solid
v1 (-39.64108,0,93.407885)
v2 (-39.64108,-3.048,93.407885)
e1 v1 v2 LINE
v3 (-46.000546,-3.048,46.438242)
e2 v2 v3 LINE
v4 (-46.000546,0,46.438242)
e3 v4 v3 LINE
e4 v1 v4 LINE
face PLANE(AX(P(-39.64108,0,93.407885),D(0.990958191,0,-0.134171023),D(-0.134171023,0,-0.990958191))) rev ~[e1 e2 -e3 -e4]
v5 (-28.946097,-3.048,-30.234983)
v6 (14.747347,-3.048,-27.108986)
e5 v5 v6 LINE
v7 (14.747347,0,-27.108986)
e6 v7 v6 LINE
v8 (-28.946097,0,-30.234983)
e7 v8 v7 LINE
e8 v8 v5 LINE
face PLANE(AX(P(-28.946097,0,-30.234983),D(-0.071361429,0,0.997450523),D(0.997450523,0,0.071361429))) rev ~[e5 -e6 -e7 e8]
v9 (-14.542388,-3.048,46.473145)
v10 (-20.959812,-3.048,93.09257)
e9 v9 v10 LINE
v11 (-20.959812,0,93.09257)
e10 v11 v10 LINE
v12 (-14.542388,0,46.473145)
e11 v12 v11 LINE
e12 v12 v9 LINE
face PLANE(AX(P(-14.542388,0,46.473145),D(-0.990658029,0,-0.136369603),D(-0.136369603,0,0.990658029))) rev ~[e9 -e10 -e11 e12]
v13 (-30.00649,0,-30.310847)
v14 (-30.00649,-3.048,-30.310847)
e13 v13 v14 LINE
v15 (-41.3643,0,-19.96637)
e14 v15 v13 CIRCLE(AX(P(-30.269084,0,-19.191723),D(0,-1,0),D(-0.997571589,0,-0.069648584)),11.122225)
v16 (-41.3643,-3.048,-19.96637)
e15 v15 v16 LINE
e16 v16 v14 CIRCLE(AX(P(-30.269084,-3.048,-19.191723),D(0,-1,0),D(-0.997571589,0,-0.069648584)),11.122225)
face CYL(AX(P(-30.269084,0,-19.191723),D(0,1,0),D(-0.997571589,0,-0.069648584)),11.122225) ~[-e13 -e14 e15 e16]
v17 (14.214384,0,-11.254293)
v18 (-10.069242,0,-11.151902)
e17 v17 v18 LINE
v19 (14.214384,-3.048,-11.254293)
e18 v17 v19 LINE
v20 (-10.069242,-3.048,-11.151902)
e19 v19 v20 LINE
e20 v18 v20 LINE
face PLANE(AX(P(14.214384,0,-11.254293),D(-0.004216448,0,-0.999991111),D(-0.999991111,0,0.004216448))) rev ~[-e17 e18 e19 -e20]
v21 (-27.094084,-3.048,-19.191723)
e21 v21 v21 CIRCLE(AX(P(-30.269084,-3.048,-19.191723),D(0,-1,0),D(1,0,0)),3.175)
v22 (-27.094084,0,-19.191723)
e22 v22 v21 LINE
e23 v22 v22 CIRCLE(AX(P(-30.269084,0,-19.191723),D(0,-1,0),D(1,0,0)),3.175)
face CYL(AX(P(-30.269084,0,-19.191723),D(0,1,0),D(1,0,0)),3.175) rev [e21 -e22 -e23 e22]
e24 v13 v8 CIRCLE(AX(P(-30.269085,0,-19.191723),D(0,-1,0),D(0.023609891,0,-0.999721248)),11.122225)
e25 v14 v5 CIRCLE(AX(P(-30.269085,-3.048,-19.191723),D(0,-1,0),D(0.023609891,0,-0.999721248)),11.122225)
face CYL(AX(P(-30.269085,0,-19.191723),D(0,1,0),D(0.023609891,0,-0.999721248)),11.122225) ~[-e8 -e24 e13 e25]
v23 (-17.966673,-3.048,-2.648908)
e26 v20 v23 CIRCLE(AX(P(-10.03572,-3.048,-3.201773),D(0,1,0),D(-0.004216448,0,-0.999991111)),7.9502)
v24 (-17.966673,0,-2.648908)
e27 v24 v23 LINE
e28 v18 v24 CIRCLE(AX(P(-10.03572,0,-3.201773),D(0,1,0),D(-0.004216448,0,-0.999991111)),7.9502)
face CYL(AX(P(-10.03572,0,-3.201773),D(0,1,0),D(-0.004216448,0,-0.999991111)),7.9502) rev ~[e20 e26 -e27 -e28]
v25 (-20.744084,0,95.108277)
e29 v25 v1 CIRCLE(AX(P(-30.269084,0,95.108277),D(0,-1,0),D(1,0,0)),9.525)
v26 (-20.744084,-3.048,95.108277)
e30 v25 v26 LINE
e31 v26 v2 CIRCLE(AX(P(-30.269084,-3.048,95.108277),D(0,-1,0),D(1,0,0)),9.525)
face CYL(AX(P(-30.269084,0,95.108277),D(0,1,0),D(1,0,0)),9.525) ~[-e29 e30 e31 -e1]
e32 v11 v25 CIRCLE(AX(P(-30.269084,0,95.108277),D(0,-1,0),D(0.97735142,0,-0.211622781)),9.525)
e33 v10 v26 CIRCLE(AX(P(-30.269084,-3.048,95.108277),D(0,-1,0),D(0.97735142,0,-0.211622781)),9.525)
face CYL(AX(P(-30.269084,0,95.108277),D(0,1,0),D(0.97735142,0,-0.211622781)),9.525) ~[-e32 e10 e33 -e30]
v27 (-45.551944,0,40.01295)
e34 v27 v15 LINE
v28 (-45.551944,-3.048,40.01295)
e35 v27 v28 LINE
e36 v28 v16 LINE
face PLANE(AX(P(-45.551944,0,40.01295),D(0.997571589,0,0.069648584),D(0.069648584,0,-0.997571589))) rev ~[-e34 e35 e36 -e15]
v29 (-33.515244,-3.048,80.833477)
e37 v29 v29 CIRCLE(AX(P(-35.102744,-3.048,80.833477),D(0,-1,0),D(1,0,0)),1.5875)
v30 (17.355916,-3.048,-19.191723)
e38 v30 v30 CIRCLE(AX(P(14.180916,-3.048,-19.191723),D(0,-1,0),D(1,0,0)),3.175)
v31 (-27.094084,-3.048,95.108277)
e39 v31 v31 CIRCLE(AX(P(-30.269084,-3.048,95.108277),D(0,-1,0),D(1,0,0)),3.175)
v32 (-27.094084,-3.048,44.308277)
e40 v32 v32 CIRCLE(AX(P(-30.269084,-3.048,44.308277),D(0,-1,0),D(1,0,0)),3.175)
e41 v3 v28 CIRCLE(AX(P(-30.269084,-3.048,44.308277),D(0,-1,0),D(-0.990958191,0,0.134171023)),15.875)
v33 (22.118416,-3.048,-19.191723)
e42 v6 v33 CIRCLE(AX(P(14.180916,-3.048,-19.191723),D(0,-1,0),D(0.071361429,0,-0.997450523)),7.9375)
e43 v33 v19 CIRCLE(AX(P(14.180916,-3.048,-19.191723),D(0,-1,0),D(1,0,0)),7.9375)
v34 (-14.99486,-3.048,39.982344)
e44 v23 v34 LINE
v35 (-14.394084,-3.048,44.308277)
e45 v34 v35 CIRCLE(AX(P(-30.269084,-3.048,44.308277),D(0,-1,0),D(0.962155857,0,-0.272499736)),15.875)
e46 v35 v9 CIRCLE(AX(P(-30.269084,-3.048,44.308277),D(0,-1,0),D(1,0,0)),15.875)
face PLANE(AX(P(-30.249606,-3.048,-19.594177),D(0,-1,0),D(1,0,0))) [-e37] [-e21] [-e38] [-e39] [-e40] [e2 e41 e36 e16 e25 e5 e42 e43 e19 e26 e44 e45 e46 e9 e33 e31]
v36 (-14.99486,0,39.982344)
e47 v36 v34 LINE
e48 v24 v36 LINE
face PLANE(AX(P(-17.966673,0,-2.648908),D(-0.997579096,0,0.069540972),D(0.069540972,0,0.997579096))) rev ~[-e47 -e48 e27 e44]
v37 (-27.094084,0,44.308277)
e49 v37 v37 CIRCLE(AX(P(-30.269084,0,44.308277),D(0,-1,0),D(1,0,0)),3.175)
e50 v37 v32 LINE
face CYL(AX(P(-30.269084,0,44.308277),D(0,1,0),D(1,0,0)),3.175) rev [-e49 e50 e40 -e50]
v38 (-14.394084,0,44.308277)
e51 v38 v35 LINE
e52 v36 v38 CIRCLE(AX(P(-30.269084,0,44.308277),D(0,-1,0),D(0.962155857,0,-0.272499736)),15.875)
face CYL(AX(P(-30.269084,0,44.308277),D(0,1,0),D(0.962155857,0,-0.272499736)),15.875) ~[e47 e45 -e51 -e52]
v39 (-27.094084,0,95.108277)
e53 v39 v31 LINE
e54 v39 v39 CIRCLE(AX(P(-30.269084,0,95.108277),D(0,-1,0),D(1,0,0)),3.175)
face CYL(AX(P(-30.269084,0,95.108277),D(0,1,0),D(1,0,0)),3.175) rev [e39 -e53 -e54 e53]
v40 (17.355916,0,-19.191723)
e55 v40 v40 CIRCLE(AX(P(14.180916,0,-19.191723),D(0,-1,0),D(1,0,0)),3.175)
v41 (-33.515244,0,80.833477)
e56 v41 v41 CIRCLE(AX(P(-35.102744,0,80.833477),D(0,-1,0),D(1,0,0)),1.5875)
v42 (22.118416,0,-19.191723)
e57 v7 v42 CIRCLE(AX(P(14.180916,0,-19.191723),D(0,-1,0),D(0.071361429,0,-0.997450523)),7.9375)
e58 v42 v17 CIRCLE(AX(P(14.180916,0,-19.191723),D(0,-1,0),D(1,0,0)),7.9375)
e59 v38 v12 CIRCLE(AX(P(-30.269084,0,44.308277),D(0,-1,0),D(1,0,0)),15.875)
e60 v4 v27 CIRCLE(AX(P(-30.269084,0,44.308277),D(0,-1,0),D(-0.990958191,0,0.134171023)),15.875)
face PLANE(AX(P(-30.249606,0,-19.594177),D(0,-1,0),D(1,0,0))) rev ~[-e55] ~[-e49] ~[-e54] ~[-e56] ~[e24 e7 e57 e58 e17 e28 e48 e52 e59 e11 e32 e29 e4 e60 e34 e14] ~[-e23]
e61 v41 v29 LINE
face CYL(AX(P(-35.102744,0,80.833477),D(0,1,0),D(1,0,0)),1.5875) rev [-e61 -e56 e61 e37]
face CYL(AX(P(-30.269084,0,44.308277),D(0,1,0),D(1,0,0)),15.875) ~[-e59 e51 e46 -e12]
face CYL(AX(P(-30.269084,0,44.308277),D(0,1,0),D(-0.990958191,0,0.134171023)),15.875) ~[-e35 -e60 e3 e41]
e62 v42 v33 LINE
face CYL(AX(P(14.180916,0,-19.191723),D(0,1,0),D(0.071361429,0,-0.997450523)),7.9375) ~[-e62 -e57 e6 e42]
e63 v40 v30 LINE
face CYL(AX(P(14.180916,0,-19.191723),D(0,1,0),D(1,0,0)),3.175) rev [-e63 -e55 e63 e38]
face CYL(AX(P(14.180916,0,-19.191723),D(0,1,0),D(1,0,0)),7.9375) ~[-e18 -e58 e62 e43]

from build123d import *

# Parameters (mm, degrees)
F0_R     = 3.175
F0_R_2   = 1.5875
F1_DEPTH = 3.048


with BuildPart() as f1:
    # F0 (on Front) → F1 (new body)
    with BuildSketch(Plane.XZ):
        with BuildLine():
            ThreePointArc((-28.9460971923, -30.2349827202), (-21.9498764662, -26.5737727814), (-19.1468597901, -19.1917229185))
            ThreePointArc((-19.1468597901, -19.1917229185), (-30.656643458, -8.076252595), (-41.3642998713, -19.9663701187))
            ThreePointArc((-41.3642998713, -19.9663701187), (-37.758308132, -27.4145820213), (-30.0064899894, -30.3108472808))
            Line((-30.0064899894, -30.3108472808), (-28.9460971923, -30.2349827202))
        make_face()
        with Locations((-30.2690844983, -19.1917229185)):
            Circle(F0_R, mode=Mode.SUBTRACT)
        with BuildLine():
            ThreePointArc((-41.3642998713, -19.9663701187), (-30.656643458, -8.076252595), (-19.1468597901, -19.1917229185))
            ThreePointArc((-19.1468597901, -19.1917229185), (-21.9498764662, -26.5737727814), (-28.9460971923, -30.2349827202))
            Line((-28.9460971923, -30.2349827202), (14.7473468469, -27.1089864471))
            ThreePointArc((14.7473468469, -27.1089864471), (6.2478963969, -19.4583952503), (14.2143835592, -11.254293477))
            Line((14.2143835592, -11.254293477), (-10.0692416844, -11.1519019193))
            ThreePointArc((-10.0692416844, -11.1519019193), (-15.8609618616, -8.6121550359), (-17.966673409, -2.6489079571))
            Line((-17.966673409, -2.6489079571), (-14.9948602635, 39.9823437688))
            ThreePointArc((-14.9948602635, 39.9823437688), (-30.284985121, 28.4332850446), (-45.5519439126, 40.0129501878))
            Line((-45.5519439126, 40.0129501878), (-41.3642998713, -19.9663701187))
        make_face()
        with BuildLine():
            ThreePointArc((-30.0064899894, -30.3108472808), (-29.4753866459, -30.2855917738), (-28.9460971923, -30.2349827202))
            Line((-28.9460971923, -30.2349827202), (-30.0064899894, -30.3108472808))
        make_face()
        with BuildLine():
            Line((-46.0005457828, 46.4382420703), (-45.5519439126, 40.0129501878))
            ThreePointArc((-45.5519439126, 40.0129501878), (-30.284985121, 28.4332850446), (-14.9948602635, 39.9823437688))
            Line((-14.9948602635, 39.9823437688), (-14.5423882802, 46.4731445283))
            ThreePointArc((-14.5423882802, 46.4731445283), (-30.2866976144, 60.1832673107), (-46.0005457828, 46.4382420703))
        make_face()
        with Locations((-30.2690844983, 44.3082770815)):
            Circle(F0_R, mode=Mode.SUBTRACT)
        with BuildLine():
            ThreePointArc((-46.0005457828, 46.4382420703), (-46.1055334704, 43.2026058129), (-45.5519439126, 40.0129501878))
            Line((-45.5519439126, 40.0129501878), (-46.0005457828, 46.4382420703))
        make_face()
        with BuildLine():
            ThreePointArc((14.2143835592, -11.254293477), (6.2478963969, -19.4583952503), (14.7473468469, -27.1089864471))
            ThreePointArc((14.7473468469, -27.1089864471), (19.9903885868, -24.6004130302), (22.1184155017, -19.1917229185))
            ThreePointArc((22.1184155017, -19.1917229185), (19.8053958758, -13.5909080874), (14.2143835592, -11.254293477))
        make_face()
        with Locations((14.1809155017, -19.1917229185)):
            Circle(F0_R, mode=Mode.SUBTRACT)
        with BuildLine():
            Line((-39.6410796293, 93.4078852842), (-46.0005457828, 46.4382420703))
            ThreePointArc((-46.0005457828, 46.4382420703), (-30.2866976144, 60.1832673107), (-14.5423882802, 46.4731445283))
            Line((-14.5423882802, 46.4731445283), (-20.95981222, 93.0925700967))
            ThreePointArc((-20.95981222, 93.0925700967), (-30.4298310563, 85.58463358), (-39.6410796293, 93.4078852842))
        make_face()
        with Locations((-35.1027436554, 80.8334770815)):
            Circle(F0_R_2, mode=Mode.SUBTRACT)
        with BuildLine():
            Line((-14.5423882802, 46.4731445283), (-14.9948602635, 39.9823437688))
            ThreePointArc((-14.9948602635, 39.9823437688), (-14.5449957373, 42.1245514493), (-14.3940844983, 44.3082770815))
            ThreePointArc((-14.3940844983, 44.3082770815), (-14.4312038405, 45.3932477118), (-14.5423882802, 46.4731445283))
        make_face()
        with BuildLine():
            ThreePointArc((-20.7440844983, 95.1082770815), (-31.1227153837, 104.5949487482), (-39.6410796293, 93.4078852842))
            ThreePointArc((-39.6410796293, 93.4078852842), (-30.4298310563, 85.58463358), (-20.95981222, 93.0925700967))
            ThreePointArc((-20.95981222, 93.0925700967), (-20.7981699846, 94.0946680471), (-20.7440844983, 95.1082770815))
        make_face()
        with Locations((-30.2690844983, 95.1082770815)):
            Circle(F0_R, mode=Mode.SUBTRACT)
    extrude(amount=F1_DEPTH)


solid = f1.part
